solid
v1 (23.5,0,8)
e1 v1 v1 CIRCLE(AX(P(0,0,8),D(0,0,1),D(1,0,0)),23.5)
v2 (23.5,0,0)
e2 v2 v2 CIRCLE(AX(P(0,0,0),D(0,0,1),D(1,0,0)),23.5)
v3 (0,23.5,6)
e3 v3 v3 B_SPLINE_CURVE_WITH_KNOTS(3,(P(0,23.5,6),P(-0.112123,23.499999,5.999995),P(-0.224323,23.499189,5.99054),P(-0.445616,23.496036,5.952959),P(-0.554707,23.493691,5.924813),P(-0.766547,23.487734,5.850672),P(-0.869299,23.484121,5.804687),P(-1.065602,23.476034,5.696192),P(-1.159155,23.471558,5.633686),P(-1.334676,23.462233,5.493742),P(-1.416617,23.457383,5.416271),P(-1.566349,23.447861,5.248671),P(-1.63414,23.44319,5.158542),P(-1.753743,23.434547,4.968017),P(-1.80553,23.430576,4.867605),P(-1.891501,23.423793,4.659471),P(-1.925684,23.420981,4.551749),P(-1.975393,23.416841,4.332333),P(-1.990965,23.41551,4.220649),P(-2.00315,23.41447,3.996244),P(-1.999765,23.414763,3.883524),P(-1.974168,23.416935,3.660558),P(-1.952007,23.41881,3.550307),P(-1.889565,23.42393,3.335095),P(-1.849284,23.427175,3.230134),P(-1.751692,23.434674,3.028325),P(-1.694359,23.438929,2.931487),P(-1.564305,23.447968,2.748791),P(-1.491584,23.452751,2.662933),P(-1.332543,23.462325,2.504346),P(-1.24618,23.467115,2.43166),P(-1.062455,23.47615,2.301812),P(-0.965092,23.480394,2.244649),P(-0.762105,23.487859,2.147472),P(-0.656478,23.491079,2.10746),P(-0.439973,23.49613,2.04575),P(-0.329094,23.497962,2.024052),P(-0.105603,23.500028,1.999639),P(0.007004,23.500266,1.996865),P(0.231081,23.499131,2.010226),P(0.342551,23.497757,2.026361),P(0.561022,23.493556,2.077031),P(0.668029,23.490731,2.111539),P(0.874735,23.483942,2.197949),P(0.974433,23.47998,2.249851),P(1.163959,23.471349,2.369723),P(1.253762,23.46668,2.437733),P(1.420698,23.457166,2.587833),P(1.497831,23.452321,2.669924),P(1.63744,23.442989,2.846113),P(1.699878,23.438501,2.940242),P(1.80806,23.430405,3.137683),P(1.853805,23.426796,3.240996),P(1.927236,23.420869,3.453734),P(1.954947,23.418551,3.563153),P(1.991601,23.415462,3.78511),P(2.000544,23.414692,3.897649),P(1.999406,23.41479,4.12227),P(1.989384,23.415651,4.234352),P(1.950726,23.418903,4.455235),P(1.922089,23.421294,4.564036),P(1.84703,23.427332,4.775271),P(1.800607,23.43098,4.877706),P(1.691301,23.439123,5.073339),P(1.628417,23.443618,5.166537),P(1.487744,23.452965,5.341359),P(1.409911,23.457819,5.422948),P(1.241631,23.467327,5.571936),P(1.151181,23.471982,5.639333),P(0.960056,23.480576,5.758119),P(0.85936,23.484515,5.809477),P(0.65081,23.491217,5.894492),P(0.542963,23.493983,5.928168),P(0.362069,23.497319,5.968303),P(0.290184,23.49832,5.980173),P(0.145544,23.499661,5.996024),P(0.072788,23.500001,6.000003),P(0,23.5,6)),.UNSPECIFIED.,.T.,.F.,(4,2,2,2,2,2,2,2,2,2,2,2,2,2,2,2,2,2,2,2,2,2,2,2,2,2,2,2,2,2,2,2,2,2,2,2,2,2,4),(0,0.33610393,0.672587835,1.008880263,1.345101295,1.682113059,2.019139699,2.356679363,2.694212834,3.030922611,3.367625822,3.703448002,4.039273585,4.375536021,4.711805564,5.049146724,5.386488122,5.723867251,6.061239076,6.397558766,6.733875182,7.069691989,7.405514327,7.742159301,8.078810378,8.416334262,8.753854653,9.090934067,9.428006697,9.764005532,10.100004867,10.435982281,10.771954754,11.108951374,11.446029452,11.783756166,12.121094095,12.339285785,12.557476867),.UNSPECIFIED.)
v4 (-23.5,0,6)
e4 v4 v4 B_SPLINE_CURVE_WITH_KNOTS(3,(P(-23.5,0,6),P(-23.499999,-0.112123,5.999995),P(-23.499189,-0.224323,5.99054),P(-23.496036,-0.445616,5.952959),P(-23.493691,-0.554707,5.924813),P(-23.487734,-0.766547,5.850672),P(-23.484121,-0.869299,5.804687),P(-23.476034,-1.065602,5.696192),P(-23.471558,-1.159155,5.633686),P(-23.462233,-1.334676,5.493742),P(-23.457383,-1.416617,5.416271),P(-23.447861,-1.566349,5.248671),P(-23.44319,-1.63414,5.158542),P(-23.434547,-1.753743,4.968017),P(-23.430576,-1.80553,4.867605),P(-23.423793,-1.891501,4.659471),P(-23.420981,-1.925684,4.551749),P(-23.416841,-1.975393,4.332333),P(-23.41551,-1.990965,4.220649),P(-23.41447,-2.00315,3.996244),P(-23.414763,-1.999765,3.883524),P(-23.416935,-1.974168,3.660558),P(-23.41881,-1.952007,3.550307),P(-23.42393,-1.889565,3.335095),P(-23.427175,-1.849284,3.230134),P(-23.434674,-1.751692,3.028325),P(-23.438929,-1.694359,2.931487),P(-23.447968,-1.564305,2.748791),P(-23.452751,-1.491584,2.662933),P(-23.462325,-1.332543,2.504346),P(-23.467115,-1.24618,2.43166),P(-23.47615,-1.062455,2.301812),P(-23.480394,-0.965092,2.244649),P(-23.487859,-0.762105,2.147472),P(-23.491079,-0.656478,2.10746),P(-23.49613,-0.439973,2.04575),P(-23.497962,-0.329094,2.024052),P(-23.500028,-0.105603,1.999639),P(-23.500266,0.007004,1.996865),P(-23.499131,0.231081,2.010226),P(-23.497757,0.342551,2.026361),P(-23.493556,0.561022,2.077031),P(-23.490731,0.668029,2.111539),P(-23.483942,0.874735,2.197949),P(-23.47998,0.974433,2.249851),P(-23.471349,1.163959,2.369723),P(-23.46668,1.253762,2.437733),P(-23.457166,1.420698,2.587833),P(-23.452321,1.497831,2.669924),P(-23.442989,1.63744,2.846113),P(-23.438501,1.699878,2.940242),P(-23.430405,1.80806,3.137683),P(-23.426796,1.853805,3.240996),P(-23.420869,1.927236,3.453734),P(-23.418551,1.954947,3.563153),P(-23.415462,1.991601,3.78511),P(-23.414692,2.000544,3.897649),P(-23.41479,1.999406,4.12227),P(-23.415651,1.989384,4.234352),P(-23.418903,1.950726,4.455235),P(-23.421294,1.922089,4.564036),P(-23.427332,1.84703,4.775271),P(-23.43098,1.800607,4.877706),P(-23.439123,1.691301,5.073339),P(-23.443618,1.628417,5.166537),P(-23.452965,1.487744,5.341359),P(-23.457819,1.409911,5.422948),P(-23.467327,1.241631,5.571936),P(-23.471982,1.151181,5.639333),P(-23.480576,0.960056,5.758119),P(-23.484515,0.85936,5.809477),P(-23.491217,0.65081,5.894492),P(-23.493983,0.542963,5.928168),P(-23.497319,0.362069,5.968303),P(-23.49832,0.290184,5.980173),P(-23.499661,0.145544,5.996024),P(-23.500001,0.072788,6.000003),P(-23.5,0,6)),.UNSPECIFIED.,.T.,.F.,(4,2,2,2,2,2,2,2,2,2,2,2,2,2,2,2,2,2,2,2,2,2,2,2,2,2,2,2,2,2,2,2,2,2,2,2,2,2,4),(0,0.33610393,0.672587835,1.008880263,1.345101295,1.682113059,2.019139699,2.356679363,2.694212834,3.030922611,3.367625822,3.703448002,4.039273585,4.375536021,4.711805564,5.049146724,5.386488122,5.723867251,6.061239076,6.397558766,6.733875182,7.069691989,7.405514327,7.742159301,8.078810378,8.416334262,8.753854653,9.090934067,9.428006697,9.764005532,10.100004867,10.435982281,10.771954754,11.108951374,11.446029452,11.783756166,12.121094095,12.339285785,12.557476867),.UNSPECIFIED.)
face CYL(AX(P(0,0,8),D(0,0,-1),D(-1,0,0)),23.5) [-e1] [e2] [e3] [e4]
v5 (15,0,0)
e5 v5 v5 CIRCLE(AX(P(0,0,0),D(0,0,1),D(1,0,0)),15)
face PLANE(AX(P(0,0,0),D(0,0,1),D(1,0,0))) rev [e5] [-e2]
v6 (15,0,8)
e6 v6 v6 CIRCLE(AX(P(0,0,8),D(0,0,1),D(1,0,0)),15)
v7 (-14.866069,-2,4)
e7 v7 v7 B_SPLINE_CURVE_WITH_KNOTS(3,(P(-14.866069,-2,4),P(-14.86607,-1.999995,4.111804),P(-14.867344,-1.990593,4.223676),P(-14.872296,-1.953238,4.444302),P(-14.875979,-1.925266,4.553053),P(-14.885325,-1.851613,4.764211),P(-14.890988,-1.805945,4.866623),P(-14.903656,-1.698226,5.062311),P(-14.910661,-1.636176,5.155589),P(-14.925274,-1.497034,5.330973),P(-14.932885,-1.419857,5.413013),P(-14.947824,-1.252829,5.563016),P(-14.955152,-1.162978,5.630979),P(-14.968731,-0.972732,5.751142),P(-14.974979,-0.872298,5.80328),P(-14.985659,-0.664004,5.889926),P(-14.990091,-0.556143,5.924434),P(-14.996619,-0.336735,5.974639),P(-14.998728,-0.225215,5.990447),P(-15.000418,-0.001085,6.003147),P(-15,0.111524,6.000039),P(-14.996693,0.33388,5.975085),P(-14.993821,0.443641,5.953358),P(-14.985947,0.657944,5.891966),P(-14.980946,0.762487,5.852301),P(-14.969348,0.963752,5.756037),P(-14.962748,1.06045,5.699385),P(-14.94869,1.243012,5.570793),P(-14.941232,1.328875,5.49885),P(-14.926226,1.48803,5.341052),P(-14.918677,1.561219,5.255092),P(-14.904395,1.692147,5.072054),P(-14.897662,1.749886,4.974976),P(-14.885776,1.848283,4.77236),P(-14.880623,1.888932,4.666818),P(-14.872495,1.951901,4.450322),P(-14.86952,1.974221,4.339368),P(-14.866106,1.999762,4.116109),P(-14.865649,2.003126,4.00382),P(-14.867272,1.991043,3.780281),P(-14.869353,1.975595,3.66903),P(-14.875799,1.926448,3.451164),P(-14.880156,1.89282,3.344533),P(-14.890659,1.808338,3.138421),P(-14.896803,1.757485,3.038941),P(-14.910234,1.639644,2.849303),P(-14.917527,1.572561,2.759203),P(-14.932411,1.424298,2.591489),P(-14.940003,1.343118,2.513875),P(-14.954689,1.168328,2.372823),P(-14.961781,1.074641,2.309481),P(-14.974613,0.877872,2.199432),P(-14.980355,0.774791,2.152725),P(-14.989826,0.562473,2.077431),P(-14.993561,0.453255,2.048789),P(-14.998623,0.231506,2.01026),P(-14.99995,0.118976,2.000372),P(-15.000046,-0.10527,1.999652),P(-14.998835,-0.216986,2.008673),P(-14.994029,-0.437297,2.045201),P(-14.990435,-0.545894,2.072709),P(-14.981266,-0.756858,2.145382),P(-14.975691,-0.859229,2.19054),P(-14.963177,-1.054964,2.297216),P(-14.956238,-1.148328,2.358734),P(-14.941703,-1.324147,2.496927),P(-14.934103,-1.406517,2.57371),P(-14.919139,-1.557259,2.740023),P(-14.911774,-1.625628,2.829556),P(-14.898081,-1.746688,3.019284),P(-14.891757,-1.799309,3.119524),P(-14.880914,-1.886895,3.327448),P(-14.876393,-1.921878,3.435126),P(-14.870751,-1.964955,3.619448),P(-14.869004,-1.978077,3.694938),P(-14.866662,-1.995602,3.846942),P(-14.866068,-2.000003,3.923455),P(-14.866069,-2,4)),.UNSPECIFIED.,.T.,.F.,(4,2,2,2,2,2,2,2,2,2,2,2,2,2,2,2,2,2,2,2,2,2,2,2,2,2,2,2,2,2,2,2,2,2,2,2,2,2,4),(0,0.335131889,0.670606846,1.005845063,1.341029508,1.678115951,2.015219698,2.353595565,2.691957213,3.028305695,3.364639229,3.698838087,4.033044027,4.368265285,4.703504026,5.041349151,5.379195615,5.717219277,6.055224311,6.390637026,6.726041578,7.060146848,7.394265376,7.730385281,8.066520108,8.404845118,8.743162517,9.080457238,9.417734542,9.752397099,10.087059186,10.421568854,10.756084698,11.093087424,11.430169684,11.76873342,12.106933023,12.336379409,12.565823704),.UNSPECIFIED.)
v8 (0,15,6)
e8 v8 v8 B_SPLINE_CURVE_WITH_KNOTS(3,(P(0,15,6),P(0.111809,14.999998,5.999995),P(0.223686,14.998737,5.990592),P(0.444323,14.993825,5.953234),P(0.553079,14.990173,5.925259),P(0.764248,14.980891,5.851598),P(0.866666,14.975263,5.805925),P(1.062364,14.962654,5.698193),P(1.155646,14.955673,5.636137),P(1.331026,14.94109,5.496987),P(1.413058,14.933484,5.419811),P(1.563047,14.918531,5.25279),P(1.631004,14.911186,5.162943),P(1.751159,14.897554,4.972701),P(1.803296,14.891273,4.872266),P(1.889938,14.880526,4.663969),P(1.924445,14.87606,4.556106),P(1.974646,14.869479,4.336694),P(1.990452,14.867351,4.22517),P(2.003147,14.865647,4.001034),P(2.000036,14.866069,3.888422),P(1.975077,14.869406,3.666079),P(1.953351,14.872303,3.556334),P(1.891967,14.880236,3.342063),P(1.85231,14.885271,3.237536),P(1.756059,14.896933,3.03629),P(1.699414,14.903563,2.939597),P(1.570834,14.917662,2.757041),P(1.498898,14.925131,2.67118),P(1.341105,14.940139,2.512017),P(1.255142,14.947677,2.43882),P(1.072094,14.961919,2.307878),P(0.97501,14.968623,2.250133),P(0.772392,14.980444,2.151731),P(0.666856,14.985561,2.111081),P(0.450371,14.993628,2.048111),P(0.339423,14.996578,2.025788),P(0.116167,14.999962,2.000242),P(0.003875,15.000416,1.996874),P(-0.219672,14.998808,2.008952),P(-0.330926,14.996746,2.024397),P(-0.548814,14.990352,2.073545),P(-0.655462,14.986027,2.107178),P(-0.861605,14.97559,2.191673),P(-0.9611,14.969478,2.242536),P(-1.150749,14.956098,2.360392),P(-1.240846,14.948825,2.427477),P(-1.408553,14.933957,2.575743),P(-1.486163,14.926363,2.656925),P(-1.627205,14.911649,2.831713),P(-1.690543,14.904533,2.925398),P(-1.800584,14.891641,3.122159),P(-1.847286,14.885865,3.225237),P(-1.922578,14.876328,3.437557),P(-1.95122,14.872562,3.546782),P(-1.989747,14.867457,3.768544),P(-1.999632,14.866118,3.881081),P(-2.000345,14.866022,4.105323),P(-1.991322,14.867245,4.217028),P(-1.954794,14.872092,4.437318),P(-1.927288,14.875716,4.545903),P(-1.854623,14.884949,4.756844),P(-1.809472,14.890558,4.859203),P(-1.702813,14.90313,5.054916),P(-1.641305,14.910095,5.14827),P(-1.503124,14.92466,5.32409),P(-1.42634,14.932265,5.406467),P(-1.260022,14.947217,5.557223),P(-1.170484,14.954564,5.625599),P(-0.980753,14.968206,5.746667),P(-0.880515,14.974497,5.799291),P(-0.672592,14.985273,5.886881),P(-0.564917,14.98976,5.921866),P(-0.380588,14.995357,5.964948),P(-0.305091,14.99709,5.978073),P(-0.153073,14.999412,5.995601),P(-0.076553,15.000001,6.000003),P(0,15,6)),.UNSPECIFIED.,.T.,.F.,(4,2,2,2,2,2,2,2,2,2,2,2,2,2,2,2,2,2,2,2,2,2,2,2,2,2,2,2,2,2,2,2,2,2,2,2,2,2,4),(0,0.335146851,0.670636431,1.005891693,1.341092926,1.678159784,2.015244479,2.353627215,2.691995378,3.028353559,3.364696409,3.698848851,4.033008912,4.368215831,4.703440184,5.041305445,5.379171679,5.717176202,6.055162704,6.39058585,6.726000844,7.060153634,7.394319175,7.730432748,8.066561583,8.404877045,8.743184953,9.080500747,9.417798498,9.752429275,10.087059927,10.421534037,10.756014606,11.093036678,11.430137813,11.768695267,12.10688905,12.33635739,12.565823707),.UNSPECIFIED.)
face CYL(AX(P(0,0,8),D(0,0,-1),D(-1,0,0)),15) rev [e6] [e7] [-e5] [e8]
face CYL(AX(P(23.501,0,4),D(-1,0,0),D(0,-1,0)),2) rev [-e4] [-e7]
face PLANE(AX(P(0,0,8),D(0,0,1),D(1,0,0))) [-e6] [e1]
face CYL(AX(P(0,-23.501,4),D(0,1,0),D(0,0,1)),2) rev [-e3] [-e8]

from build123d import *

# Parameters (mm, degrees)
SKETCH1_R           = 23.5
SKETCH1_R_2         = 15
BOSS_EXTRUDE1_DEPTH = 8
CUT_EXTRUDE1_START  = -8.633931
SKETCH3_R           = 2
CUT_EXTRUDE1_DEPTH  = 8.633931
CIRPATTERN1_COUNT   = 2
CIRPATTERN1_ANGLE   = 90


with BuildPart() as part:
    # Sketch1 → Boss-Extrude1 (new body)
    with BuildSketch(Plane.XY):
        Circle(SKETCH1_R)
        Circle(SKETCH1_R_2, mode=Mode.SUBTRACT)
    extrude(amount=BOSS_EXTRUDE1_DEPTH)

    # Sketch3 → Cut-Extrude1 (cut)
    with BuildSketch(Plane(origin=(0, 23.5, 8), x_dir=(1, 0, 0), z_dir=(0, 1, 0)).offset(CUT_EXTRUDE1_START)):
        with Locations((0, 4)):
            Circle(SKETCH3_R)
    cut_extrude1 = extrude(amount=CUT_EXTRUDE1_DEPTH, mode=Mode.SUBTRACT)

    # CirPattern1: Cut-Extrude1 ×2 about axis
    cirpattern1_axis = Axis((0, 0, 8), (0, 0, 1))
    for i in range(1, CIRPATTERN1_COUNT):
        add(cut_extrude1.rotate(cirpattern1_axis, i * CIRPATTERN1_ANGLE / (CIRPATTERN1_COUNT - 1)), mode=Mode.SUBTRACT)


solid = part.part
